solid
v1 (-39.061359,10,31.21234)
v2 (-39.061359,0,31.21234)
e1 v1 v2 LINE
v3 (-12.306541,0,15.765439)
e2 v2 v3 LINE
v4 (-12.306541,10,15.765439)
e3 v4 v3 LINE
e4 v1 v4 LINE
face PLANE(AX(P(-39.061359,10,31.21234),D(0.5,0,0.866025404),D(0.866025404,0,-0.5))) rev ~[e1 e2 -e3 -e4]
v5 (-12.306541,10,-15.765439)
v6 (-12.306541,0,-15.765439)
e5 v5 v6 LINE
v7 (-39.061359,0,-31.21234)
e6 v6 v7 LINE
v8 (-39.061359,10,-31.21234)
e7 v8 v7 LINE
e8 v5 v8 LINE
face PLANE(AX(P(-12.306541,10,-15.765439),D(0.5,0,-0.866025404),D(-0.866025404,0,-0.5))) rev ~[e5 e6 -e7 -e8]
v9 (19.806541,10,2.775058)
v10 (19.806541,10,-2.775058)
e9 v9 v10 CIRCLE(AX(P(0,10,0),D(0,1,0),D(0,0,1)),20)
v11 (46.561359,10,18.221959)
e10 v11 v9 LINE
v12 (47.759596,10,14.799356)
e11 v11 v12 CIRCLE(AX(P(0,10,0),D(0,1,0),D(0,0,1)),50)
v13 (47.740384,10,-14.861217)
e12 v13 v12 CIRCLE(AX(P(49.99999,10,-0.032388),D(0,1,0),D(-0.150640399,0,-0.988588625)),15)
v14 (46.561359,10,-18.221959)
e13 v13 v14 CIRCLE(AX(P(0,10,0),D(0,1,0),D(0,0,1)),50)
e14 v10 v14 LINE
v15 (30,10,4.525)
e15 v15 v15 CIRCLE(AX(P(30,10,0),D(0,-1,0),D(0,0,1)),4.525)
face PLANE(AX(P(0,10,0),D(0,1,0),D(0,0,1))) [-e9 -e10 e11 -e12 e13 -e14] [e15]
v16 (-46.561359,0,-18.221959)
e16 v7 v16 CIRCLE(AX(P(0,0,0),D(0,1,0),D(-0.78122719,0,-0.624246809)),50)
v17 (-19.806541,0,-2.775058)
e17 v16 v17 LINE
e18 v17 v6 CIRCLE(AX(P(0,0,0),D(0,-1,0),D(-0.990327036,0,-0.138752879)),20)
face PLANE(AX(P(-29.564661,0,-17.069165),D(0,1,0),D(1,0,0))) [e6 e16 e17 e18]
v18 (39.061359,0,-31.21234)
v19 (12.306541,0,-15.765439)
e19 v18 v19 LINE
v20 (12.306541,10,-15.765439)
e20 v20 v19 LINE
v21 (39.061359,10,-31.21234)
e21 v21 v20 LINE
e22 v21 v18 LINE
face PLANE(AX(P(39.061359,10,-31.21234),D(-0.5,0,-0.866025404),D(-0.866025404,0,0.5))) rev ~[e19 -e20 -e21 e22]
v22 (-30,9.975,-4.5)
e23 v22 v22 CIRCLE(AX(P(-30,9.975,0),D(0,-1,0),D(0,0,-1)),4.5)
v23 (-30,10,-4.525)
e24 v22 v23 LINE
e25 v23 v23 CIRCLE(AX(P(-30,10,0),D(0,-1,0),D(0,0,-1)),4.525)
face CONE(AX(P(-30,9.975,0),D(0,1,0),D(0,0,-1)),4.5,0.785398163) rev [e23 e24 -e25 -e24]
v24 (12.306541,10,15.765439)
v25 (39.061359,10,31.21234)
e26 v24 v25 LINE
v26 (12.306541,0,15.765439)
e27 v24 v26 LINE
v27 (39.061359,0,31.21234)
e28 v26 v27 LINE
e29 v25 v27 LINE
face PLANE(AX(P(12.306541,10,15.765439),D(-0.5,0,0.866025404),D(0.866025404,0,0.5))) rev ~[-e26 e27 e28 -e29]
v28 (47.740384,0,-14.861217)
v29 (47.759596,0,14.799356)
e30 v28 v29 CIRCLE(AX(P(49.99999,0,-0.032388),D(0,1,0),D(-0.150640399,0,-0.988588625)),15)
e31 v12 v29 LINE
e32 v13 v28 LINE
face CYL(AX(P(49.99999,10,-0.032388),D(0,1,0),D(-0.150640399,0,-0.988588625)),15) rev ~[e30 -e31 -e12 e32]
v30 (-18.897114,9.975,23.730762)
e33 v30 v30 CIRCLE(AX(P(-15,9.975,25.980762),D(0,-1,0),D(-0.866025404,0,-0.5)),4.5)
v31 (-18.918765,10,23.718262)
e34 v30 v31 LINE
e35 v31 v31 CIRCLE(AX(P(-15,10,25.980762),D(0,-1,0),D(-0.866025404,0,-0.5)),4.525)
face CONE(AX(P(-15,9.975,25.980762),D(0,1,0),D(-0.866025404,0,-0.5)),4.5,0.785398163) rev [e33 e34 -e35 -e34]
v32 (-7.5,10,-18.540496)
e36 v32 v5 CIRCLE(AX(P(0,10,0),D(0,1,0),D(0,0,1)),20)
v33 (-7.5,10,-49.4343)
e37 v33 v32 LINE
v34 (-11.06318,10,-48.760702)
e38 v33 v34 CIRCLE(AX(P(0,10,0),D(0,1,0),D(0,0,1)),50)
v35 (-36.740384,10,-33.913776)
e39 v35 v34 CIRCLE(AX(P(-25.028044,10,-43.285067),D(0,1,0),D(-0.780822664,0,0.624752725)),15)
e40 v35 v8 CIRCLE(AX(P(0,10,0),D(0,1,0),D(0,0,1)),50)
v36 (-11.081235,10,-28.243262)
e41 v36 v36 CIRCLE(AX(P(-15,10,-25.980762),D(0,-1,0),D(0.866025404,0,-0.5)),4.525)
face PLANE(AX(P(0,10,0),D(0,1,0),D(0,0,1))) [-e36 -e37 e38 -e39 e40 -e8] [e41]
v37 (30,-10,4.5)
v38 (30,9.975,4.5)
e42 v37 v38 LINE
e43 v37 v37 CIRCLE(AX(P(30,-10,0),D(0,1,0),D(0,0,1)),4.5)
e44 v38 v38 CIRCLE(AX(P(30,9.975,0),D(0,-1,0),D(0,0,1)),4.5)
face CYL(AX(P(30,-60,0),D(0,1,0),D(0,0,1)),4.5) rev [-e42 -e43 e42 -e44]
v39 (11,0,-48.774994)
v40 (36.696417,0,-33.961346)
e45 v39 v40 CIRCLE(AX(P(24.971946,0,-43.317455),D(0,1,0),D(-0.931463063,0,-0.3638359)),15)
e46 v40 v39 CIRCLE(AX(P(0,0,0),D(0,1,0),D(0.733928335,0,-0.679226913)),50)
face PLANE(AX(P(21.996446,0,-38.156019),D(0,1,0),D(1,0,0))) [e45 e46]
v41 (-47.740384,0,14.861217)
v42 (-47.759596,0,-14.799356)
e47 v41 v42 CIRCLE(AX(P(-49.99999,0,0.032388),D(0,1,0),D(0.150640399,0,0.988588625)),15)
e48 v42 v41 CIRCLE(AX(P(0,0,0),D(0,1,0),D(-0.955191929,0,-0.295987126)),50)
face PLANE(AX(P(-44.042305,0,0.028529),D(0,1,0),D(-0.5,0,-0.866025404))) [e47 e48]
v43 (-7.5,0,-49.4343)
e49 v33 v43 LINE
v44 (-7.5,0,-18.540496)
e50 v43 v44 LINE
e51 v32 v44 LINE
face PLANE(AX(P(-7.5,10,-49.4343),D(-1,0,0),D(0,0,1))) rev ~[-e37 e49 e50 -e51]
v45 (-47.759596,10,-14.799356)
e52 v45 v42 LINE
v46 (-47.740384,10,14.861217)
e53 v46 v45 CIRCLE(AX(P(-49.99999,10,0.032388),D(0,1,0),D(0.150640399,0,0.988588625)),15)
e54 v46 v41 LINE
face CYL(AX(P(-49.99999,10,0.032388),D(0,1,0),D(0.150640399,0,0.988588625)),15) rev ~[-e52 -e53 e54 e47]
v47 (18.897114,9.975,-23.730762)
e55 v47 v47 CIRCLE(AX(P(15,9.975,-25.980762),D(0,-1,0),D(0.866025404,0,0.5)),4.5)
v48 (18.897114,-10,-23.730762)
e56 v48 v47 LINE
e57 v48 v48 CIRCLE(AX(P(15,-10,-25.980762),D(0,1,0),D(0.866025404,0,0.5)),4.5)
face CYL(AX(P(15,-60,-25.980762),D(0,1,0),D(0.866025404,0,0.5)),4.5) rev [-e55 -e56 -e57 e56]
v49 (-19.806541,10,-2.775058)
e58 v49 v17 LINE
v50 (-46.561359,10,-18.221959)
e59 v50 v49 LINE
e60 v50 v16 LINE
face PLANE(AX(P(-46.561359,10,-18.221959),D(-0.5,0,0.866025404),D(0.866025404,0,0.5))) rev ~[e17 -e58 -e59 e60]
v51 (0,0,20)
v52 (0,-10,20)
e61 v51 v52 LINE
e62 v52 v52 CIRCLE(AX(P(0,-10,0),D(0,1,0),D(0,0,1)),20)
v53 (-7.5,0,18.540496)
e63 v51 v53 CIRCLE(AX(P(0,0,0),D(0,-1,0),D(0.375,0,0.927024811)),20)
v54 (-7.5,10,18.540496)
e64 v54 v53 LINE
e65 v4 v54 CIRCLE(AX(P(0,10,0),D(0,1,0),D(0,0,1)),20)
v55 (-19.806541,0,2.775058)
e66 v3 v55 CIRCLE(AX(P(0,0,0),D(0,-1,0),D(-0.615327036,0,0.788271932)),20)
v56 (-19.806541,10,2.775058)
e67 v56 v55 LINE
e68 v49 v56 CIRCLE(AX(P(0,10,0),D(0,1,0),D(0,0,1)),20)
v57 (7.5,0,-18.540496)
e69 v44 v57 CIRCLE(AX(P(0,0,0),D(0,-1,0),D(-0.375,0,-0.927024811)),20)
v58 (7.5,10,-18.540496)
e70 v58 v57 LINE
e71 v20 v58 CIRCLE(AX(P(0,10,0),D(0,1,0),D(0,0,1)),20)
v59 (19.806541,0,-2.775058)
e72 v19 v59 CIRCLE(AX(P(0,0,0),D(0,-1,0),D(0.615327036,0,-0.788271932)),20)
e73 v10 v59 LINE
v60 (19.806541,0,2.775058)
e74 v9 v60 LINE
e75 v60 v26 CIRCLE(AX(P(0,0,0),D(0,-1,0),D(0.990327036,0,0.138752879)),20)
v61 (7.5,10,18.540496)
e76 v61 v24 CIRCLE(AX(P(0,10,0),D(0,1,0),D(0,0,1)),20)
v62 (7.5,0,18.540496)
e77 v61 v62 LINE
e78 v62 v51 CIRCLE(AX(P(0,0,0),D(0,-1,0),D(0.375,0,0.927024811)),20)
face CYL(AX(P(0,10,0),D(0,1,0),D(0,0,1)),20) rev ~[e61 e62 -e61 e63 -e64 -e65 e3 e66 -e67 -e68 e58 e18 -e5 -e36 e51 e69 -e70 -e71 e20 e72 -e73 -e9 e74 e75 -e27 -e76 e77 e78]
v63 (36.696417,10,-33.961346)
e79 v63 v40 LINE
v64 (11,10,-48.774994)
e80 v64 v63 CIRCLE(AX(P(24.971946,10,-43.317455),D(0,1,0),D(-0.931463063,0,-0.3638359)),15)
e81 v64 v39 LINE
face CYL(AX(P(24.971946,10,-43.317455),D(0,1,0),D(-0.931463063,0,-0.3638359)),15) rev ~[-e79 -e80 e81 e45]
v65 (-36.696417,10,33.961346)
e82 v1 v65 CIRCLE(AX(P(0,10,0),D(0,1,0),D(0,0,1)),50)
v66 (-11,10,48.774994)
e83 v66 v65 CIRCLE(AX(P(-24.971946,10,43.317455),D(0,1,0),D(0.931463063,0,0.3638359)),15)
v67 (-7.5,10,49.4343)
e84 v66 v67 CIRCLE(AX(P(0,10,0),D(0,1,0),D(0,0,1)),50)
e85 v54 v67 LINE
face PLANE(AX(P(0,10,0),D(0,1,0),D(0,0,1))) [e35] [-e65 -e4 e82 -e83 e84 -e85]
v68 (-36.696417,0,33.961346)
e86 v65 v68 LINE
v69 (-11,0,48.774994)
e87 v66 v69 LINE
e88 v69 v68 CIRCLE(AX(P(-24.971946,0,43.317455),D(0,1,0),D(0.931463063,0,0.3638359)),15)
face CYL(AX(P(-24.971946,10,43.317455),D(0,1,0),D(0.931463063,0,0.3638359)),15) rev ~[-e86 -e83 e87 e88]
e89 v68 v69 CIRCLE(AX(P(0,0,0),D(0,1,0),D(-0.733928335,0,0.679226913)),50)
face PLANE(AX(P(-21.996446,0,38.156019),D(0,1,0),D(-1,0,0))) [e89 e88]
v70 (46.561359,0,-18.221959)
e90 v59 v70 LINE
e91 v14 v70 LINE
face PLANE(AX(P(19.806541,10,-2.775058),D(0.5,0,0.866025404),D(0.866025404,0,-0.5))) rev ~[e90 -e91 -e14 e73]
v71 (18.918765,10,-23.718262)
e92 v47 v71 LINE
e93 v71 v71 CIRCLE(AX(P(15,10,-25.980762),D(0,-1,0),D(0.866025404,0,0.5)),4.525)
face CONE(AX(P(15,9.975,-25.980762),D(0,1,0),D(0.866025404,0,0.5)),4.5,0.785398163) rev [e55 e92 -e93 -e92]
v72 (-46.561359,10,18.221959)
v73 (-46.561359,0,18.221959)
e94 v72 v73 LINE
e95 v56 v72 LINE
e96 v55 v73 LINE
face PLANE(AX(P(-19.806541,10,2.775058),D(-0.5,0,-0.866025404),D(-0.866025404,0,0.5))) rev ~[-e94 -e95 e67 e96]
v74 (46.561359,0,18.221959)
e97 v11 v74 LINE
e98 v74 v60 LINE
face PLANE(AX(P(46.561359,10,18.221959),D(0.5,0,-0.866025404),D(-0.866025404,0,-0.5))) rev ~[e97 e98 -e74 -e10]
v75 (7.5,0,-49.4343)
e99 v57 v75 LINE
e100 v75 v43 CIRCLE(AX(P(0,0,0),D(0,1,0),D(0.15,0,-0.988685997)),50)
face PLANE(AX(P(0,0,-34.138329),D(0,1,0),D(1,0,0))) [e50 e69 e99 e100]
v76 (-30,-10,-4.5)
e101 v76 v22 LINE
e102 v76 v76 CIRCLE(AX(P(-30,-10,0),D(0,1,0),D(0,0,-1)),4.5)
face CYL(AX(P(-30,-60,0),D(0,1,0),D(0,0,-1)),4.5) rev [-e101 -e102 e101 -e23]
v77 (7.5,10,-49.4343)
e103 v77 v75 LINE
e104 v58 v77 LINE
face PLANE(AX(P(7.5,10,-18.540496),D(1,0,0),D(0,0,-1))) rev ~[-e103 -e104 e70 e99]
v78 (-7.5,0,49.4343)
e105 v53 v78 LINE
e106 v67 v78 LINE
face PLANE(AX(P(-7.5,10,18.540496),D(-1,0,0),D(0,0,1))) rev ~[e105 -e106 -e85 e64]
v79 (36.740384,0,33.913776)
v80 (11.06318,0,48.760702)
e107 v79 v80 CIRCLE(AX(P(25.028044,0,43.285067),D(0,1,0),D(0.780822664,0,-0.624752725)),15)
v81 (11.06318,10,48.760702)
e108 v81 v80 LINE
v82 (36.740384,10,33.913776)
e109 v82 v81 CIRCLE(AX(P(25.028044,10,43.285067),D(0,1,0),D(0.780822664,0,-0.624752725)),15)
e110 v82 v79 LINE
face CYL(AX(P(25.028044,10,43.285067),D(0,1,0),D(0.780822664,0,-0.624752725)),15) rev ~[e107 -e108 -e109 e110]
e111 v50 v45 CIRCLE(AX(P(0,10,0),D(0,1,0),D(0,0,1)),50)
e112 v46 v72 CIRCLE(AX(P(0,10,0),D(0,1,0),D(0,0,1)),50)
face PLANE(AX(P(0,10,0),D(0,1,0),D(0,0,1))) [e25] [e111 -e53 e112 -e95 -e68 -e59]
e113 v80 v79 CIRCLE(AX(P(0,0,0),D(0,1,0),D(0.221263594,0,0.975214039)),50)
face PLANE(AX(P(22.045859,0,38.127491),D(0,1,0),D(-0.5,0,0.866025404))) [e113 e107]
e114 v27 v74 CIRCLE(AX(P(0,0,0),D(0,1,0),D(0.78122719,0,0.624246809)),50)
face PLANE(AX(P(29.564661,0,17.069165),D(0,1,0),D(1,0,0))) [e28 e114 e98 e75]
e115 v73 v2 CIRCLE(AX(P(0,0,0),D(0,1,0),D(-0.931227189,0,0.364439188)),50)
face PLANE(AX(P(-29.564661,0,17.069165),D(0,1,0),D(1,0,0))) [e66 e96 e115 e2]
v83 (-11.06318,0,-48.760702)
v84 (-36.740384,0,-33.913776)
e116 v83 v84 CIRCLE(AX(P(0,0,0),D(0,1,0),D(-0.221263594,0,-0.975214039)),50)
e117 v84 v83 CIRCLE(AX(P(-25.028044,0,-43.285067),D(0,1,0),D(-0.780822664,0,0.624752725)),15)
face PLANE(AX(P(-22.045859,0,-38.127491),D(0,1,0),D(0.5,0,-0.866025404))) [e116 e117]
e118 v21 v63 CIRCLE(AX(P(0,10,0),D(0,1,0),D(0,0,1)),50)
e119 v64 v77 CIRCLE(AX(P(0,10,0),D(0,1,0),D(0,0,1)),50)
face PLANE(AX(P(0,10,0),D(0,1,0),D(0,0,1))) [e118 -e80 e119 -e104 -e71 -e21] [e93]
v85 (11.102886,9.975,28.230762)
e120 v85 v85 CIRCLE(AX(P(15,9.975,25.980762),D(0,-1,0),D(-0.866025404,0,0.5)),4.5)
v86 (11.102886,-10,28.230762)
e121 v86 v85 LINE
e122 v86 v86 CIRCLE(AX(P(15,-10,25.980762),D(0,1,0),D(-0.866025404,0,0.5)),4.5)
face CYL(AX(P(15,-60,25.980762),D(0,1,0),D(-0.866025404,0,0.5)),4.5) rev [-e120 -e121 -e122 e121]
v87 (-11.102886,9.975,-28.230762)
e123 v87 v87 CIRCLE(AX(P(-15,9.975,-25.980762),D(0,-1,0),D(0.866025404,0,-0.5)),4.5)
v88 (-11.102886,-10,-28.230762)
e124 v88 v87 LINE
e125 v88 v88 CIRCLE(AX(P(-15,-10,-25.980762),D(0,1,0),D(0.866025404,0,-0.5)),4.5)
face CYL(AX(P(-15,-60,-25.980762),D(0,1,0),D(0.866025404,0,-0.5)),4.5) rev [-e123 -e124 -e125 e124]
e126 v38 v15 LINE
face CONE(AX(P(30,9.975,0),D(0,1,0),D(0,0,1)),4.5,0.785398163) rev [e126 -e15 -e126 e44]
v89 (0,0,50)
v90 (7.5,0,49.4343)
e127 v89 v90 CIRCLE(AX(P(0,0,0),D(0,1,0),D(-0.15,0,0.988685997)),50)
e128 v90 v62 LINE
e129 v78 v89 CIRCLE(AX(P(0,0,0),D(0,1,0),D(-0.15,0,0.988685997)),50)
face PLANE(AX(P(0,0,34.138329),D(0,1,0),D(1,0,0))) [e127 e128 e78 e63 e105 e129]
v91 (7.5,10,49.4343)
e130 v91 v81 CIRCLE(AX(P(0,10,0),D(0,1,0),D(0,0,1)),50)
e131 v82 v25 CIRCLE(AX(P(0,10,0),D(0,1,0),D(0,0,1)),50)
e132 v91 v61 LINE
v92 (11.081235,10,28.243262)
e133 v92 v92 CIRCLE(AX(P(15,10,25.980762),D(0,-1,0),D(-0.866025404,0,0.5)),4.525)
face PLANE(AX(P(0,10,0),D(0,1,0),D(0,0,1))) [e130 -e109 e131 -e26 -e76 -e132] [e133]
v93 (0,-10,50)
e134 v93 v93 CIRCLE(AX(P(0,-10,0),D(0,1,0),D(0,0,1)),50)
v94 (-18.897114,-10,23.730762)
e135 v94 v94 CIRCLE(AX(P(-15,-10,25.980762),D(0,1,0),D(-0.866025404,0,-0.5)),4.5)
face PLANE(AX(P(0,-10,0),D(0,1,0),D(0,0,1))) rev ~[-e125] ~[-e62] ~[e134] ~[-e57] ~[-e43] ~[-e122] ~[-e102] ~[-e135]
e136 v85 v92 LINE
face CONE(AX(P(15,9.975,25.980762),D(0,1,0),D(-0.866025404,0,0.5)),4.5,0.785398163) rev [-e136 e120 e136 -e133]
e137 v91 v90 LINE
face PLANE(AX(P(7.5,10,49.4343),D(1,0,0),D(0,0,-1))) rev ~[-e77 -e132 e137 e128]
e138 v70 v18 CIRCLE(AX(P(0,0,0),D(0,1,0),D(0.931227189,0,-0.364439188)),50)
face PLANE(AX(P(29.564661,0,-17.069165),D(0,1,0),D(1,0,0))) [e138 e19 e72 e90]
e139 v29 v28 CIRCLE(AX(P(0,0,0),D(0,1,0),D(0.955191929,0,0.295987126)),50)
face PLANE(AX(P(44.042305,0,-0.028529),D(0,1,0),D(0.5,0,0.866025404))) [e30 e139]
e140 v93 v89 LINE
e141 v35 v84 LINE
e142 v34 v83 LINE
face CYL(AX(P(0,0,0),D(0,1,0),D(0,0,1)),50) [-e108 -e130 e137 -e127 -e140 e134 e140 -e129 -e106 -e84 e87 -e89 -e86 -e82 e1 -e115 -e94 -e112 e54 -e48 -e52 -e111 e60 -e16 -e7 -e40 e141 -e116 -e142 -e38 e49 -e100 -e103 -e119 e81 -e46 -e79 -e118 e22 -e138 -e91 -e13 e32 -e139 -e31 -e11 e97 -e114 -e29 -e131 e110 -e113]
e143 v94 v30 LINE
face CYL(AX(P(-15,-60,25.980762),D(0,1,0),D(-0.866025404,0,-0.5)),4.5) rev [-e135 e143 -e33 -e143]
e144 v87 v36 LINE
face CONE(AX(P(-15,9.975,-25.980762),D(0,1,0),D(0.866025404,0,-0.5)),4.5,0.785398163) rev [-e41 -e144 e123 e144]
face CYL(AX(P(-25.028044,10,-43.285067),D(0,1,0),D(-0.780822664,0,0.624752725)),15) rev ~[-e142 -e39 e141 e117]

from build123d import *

# Parameters (mm, degrees)
SKETCH1_R           = 50
BOSS_EXTRUDE1_DEPTH = 10
SKETCH2_R           = 20
CUT_EXTRUDE1_DEPTH  = 74.484692283
CUT_EXTRUDE2_DEPTH  = 10
CUT_EXTRUDE3_DEPTH  = 10
CIRPATTERN1_COUNT   = 6
CIRPATTERN2_COUNT   = 6


with BuildPart() as part:
    # Sketch1 → Boss-Extrude1 (new, symmetric)
    with BuildSketch(Plane(origin=(0, 0, 0), x_dir=(1, 0, 0), z_dir=(0, 1, 0))):
        with Locations(Location((0, 0, 0), (0, 0, 270))):
            Circle(SKETCH1_R)
    extrude(amount=BOSS_EXTRUDE1_DEPTH, both=True)

    # Sketch2 → Cut-Extrude1 (cut, through all)
    with BuildSketch(Plane(origin=(0, 10, 0), x_dir=(1, 0, 0), z_dir=(0, 1, 0))):
        with Locations(Location((0, 0, 0), (0, 0, 270))):
            Circle(SKETCH2_R)
    extrude(amount=-CUT_EXTRUDE1_DEPTH, mode=Mode.SUBTRACT)

    # Sketch3 → Cut-Extrude2 (cut)
    with BuildSketch(Plane(origin=(0, 10, 0), x_dir=(1, 0, 0), z_dir=(0, 1, 0))):
        with BuildLine():
            Line((-7.5, 49.434299833), (-7.5, 18.540496218))
            ThreePointArc((-7.5, 18.540496218), (0, 20), (7.5, 18.540496218))
            Line((7.5, 18.540496218), (7.5, 49.434299833))
            ThreePointArc((7.5, 49.434299833), (0, 50), (-7.5, 49.434299833))
        make_face()
        with BuildLine():
            Line((39.061359474, 31.212340445), (12.306540723, 15.765438637))
            ThreePointArc((12.306540723, 15.765438637), (17.320508076, 10), (19.806540723, 2.77505758))
            Line((19.806540723, 2.77505758), (46.561359474, 18.221959388))
            ThreePointArc((46.561359474, 18.221959388), (43.301270189, 25), (39.061359474, 31.212340445))
        make_face()
        with BuildLine():
            Line((46.561359474, -18.221959388), (19.806540723, -2.77505758))
            ThreePointArc((19.806540723, -2.77505758), (17.320508076, -10), (12.306540723, -15.765438637))
            Line((12.306540723, -15.765438637), (39.061359474, -31.212340445))
            ThreePointArc((39.061359474, -31.212340445), (43.301270189, -25), (46.561359474, -18.221959388))
        make_face()
        with BuildLine():
            Line((7.5, -49.434299833), (7.5, -18.540496218))
            ThreePointArc((7.5, -18.540496218), (0, -20), (-7.5, -18.540496218))
            Line((-7.5, -18.540496218), (-7.5, -49.434299833))
            ThreePointArc((-7.5, -49.434299833), (0, -50), (7.5, -49.434299833))
        make_face()
        with BuildLine():
            Line((-39.061359474, -31.212340445), (-12.306540723, -15.765438637))
            ThreePointArc((-12.306540723, -15.765438637), (-17.320508076, -10), (-19.806540723, -2.77505758))
            Line((-19.806540723, -2.77505758), (-46.561359474, -18.221959388))
            ThreePointArc((-46.561359474, -18.221959388), (-43.301270189, -25), (-39.061359474, -31.212340445))
        make_face()
        with BuildLine():
            Line((-46.561359474, 18.221959388), (-19.806540723, 2.77505758))
            ThreePointArc((-19.806540723, 2.77505758), (-17.320508076, 10), (-12.306540723, 15.765438637))
            Line((-12.306540723, 15.765438637), (-39.061359474, 31.212340445))
            ThreePointArc((-39.061359474, 31.212340445), (-43.301270189, 25), (-46.561359474, 18.221959388))
        make_face()
    extrude(amount=-CUT_EXTRUDE2_DEPTH, mode=Mode.SUBTRACT)

    # Sketch4 → Cut-Extrude3 (cut)
    with BuildSketch(Plane(origin=(0, 10, 0), x_dir=(1, 0, 0), z_dir=(0, 1, 0))):
        with BuildLine():
            ThreePointArc((11, 48.774993593), (17.480362162, 30.322218565), (36.696416757, 33.961345633))
            ThreePointArc((36.696416757, 33.961345633), (24.971945946, 43.317455092), (11, 48.774993593))
        make_face()
    cut_extrude3 = extrude(amount=-CUT_EXTRUDE3_DEPTH, mode=Mode.SUBTRACT)

    # Sketch6 → Tap Drill for M10x1.0 Tap1 (revolve, cut)
    with BuildSketch(Plane(origin=(30, 10, 0), x_dir=(0, 0, 1), z_dir=(1, 0, 0))):
        Polygon((0, 0), (0, 72.703872786), (4.5, 70), (4.5, 0.025), (4.525, 0), align=None)
    tap_drill_for_m10x1_0_tap1 = revolve(axis=Axis((30, 16.35, 0), (0, -1, 0)), mode=Mode.SUBTRACT)

    # CirPattern1: Tap Drill for M10x1.0 Tap1 ×6 about axis
    cirpattern1_axis = Axis((0, 0, 0), (0, 1, 0))
    for i in range(1, CIRPATTERN1_COUNT):
        add(tap_drill_for_m10x1_0_tap1.rotate(cirpattern1_axis, i * 360 / CIRPATTERN1_COUNT), mode=Mode.SUBTRACT)

    # CirPattern2: Cut-Extrude3 ×6 about axis
    cirpattern2_axis = Axis((0, 0, 0), (0, 1, 0))
    for i in range(1, CIRPATTERN2_COUNT):
        add(cut_extrude3.rotate(cirpattern2_axis, i * 360 / CIRPATTERN2_COUNT), mode=Mode.SUBTRACT)


solid = part.part
